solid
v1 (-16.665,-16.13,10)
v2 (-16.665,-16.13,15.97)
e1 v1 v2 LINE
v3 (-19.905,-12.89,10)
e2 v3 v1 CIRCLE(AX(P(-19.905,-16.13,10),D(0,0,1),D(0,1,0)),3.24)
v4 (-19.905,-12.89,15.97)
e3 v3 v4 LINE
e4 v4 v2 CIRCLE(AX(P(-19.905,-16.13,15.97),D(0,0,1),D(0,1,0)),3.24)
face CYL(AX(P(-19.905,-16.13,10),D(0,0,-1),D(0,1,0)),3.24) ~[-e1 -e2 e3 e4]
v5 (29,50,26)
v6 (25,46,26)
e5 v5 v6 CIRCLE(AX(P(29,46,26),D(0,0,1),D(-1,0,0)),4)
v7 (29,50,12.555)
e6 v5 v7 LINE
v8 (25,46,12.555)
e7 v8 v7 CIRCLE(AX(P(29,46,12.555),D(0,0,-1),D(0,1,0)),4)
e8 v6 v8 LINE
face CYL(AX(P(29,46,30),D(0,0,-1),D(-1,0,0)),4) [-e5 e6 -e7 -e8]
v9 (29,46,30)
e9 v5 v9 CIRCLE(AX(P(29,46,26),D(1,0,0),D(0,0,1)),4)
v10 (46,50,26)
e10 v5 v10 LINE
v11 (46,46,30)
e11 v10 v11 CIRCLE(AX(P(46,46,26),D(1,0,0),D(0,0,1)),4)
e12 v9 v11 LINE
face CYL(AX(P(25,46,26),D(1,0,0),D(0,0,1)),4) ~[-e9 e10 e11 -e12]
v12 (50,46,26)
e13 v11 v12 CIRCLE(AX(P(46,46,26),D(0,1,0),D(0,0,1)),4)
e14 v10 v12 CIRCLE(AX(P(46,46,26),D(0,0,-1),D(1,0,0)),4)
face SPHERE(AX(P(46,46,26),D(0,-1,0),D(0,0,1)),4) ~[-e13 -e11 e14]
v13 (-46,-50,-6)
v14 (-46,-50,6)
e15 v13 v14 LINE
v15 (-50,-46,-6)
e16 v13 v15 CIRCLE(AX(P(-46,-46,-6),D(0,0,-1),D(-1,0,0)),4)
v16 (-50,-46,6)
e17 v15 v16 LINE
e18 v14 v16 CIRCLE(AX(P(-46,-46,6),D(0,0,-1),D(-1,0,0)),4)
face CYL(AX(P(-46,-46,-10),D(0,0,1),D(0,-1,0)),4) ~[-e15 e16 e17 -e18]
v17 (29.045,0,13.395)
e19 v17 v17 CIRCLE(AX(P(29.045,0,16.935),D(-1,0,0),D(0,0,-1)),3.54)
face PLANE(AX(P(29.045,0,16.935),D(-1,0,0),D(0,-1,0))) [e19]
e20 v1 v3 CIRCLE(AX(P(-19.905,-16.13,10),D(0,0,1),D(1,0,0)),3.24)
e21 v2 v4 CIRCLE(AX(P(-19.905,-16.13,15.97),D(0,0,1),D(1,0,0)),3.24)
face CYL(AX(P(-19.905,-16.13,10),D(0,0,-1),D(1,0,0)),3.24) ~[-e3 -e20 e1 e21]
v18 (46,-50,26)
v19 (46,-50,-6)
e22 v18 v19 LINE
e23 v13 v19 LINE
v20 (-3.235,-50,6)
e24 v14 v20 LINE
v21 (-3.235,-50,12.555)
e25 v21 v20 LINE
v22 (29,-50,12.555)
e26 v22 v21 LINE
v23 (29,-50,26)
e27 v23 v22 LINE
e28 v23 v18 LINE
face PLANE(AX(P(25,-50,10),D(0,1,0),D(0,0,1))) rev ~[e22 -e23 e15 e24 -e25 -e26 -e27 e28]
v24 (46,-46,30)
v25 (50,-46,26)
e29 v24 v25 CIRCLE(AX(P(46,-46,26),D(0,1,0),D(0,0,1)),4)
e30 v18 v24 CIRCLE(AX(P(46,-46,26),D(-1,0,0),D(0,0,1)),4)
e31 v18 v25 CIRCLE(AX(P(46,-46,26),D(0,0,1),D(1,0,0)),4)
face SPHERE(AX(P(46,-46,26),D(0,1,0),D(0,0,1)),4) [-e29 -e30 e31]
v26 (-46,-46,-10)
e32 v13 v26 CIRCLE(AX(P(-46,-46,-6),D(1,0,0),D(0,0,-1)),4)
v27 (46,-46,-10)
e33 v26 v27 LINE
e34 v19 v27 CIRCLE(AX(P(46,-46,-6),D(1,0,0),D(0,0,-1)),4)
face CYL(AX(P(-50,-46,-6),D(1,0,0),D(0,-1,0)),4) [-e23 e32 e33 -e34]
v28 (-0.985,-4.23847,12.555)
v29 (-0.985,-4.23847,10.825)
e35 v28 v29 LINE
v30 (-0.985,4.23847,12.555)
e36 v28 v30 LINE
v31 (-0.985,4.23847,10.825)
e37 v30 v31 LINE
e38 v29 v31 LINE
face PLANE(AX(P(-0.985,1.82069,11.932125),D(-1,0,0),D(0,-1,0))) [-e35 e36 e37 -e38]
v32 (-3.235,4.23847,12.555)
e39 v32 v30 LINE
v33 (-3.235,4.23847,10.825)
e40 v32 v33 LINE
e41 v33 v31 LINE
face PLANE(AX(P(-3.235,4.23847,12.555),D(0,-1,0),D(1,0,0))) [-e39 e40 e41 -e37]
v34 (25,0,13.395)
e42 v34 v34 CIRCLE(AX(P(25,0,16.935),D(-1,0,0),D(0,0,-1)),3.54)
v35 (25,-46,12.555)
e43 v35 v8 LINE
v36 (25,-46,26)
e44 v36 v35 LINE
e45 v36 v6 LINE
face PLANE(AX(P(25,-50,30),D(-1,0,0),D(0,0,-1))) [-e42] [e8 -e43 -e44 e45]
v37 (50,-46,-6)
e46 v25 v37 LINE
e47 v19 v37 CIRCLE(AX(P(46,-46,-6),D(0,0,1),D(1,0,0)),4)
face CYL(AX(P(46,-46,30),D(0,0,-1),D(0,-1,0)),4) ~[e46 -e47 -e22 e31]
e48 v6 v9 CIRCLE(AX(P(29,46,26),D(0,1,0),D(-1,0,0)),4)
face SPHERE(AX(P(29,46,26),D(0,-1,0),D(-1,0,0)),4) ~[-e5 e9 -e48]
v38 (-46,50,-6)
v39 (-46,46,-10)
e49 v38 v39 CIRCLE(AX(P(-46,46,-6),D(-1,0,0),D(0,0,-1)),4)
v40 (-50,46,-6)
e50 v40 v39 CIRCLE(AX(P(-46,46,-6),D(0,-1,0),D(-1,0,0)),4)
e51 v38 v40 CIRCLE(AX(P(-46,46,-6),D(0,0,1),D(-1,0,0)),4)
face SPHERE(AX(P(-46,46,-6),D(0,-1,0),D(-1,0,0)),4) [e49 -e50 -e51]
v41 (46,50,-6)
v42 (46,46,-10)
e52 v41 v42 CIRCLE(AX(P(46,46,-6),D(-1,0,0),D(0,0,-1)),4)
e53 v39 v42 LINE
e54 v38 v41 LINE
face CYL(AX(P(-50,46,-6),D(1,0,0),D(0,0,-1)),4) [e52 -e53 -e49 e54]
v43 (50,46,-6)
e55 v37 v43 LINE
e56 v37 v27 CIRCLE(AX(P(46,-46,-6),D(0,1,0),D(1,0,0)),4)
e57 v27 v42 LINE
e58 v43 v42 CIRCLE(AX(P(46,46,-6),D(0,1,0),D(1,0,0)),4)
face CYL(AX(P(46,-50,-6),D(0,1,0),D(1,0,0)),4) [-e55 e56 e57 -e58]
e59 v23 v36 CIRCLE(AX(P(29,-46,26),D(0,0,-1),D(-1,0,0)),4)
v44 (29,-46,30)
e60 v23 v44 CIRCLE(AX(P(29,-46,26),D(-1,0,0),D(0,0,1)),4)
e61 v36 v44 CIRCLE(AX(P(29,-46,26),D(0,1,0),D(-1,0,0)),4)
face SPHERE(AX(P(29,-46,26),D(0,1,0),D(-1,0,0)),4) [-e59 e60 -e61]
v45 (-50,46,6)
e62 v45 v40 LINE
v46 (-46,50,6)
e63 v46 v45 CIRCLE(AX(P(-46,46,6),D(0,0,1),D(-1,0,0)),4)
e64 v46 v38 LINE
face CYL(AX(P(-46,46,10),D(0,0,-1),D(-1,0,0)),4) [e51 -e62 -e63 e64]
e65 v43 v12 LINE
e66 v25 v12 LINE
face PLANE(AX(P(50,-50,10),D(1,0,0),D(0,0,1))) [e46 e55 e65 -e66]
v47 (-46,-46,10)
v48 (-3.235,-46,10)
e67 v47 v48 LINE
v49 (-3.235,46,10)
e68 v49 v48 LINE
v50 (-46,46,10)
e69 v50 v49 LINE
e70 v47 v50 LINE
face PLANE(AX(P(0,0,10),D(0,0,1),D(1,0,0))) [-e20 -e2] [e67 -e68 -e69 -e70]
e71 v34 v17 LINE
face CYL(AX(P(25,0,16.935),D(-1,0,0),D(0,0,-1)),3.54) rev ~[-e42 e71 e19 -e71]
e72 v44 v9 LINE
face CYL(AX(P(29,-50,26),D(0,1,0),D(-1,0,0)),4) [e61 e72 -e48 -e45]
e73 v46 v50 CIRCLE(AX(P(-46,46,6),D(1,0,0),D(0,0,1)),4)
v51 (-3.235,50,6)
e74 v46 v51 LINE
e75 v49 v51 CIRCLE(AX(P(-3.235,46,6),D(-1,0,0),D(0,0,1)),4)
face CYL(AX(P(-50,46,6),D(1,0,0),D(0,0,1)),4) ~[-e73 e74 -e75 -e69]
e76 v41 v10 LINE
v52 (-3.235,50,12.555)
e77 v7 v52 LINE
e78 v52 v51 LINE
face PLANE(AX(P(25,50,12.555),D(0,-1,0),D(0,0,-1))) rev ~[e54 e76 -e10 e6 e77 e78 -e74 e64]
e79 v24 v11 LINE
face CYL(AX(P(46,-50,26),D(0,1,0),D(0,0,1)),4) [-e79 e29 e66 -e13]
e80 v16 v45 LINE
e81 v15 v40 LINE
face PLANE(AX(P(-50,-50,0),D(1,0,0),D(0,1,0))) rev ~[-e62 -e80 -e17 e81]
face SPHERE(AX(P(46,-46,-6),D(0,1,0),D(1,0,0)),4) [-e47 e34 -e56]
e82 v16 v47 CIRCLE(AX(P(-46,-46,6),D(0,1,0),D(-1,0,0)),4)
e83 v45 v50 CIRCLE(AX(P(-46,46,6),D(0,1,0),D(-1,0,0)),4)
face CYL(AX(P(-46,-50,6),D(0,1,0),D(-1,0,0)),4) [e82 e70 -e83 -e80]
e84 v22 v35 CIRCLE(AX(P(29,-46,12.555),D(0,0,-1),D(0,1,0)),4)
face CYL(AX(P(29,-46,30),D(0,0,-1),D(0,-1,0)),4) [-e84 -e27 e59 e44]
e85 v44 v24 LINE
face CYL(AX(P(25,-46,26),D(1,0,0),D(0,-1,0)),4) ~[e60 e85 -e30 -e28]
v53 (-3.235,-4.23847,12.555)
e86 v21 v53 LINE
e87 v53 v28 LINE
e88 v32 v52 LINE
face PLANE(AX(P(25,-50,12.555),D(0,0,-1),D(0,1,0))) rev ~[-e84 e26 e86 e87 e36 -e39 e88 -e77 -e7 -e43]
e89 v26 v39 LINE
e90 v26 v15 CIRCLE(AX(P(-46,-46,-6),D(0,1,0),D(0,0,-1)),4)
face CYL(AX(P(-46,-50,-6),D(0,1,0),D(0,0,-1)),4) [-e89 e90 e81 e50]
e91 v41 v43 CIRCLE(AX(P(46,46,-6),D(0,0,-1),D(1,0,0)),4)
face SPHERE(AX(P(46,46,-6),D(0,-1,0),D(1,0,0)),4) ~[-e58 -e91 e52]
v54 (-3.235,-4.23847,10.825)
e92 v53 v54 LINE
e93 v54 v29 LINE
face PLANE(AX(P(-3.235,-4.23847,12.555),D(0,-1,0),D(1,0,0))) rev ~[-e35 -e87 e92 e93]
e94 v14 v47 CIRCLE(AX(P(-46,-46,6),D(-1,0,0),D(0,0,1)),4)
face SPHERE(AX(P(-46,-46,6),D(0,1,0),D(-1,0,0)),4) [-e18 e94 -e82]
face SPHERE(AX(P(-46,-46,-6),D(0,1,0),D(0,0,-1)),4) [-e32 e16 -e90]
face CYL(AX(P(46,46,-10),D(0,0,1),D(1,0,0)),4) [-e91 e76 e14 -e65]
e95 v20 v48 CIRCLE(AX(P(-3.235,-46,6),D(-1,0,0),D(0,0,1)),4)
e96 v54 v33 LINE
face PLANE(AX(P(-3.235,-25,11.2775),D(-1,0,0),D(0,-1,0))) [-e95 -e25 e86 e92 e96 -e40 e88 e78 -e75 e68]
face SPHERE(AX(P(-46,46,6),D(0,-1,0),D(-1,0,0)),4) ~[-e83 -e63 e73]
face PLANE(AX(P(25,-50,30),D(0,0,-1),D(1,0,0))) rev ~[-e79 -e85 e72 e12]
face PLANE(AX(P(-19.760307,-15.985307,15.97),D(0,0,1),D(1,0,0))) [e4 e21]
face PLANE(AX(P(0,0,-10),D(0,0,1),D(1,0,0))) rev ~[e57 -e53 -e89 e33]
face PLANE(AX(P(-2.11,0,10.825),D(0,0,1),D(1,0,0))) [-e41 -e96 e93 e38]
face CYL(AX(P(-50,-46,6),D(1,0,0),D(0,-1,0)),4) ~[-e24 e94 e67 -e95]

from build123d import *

# Parameters (mm, degrees)
F0_W      = 100
F0_H      = 100
F1_DEPTH  = 10
F3_W      = 25
F3_H      = 10.365
F4_DEPTH  = 100
F6_DEPTH  = 4.045
F7_DEPTH  = 28.235
F9_DEPTH  = 2.25
F11_DEPTH = 5.97
F12_R     = 4
F13_W     = 2.25
F13_H     = 8.4769393061
F14_DEPTH = 1.73


with BuildPart() as f1:
    # F0 (on Top) → F1 (new body, symmetric)
    with BuildSketch(Plane.XY):
        Rectangle(F0_W, F0_H)
    extrude(amount=F1_DEPTH, both=True)

    # F3 (on face) → F4 (join)
    with BuildSketch(Plane.XZ.offset(50)):
        Polygon((25, 10), (50, 10), (50, 19.635), (25, 19.635), (25, 16.095), (25, 12.555), align=None)
        with Locations((37.5, 24.8175)):
            Rectangle(F3_W, F3_H)
    extrude(amount=-F4_DEPTH)

    # F5 (on face) → F6 (cut)
    with BuildSketch(Plane(origin=(25, 0, 0), x_dir=(0, -1, 0), z_dir=(-1, 0, 0))):
        with BuildLine():
            ThreePointArc((3.54, 16.935), (-2.5031580054, 19.4381580054), (0, 13.395))
            ThreePointArc((0, 13.395), (2.5031580054, 14.4318419946), (3.54, 16.935))
        make_face()
    extrude(amount=-F6_DEPTH, mode=Mode.SUBTRACT)

    # F5 (on face) → F7 (join)
    with BuildSketch(Plane(origin=(25, 0, 0), x_dir=(0, -1, 0), z_dir=(-1, 0, 0))):
        Polygon((0, 10), (50, 10), (50, 11.715), (50, 12.555), (0, 12.555), align=None)
        Polygon((-50, 10), (0, 10), (0, 12.555), (-50, 12.555), (-50, 11.715), align=None)
    extrude(amount=F7_DEPTH)

    # F8 (on face) → F9 (cut)
    with BuildSketch(Plane(origin=(-3.235, 0, 0), x_dir=(0, -1, 0), z_dir=(-1, 0, 0))):
        with BuildLine():
            Line((0, 10.84), (0, 12.555))
            Line((0, 12.555), (-4.2384696531, 12.555))
            ThreePointArc((-4.2384696531, 12.555), (-2.286145774, 11.284994469), (0, 10.84))
        make_face()
        with BuildLine():
            Line((4.2384696531, 12.555), (0, 12.555))
            Line((0, 12.555), (0, 10.84))
            ThreePointArc((0, 10.84), (2.286145774, 11.284994469), (4.2384696531, 12.555))
        make_face()
    extrude(amount=-F9_DEPTH, mode=Mode.SUBTRACT)

    # F10 (on face) → F11 (join)
    with BuildSketch(Plane.XY.offset(10)):
        with BuildLine():
            ThreePointArc((-16.665, -16.13), (-17.613974029, -13.838974029), (-19.905, -12.89))
            ThreePointArc((-19.905, -12.89), (-22.196025971, -18.421025971), (-16.665, -16.13))
        make_face()
    extrude(amount=F11_DEPTH)

    # F12
    f12_edges = [f1.edges().sort_by_distance(p)[0] for p in [
        (25, 0, 30),
        (50, 0, 30),
        (-50, 0, 10),
        (-50, 0, -10),
        (50, 0, -10),
        (25, -50, 21.2775),
        (37.5, -50, 30),
        (50, -50, 10),
        (0, -50, -10),
        (-50, -50, 0),
        (-50, 50, 0),
        (-26.6175, 50, 10),
        (25, 50, 21.2775),
        (37.5, 50, 30),
        (50, 50, 10),
        (0, 50, -10),
        (-26.6175, -50, 10),
    ]]
    fillet(f12_edges, radius=F12_R)

    # F13 (on face) → F14 (cut)
    with BuildSketch(Plane.XY.offset(12.555)):
        with Locations((-2.11, 0)):
            Rectangle(F13_W, F13_H)
    extrude(amount=-F14_DEPTH, mode=Mode.SUBTRACT)


solid = f1.part
